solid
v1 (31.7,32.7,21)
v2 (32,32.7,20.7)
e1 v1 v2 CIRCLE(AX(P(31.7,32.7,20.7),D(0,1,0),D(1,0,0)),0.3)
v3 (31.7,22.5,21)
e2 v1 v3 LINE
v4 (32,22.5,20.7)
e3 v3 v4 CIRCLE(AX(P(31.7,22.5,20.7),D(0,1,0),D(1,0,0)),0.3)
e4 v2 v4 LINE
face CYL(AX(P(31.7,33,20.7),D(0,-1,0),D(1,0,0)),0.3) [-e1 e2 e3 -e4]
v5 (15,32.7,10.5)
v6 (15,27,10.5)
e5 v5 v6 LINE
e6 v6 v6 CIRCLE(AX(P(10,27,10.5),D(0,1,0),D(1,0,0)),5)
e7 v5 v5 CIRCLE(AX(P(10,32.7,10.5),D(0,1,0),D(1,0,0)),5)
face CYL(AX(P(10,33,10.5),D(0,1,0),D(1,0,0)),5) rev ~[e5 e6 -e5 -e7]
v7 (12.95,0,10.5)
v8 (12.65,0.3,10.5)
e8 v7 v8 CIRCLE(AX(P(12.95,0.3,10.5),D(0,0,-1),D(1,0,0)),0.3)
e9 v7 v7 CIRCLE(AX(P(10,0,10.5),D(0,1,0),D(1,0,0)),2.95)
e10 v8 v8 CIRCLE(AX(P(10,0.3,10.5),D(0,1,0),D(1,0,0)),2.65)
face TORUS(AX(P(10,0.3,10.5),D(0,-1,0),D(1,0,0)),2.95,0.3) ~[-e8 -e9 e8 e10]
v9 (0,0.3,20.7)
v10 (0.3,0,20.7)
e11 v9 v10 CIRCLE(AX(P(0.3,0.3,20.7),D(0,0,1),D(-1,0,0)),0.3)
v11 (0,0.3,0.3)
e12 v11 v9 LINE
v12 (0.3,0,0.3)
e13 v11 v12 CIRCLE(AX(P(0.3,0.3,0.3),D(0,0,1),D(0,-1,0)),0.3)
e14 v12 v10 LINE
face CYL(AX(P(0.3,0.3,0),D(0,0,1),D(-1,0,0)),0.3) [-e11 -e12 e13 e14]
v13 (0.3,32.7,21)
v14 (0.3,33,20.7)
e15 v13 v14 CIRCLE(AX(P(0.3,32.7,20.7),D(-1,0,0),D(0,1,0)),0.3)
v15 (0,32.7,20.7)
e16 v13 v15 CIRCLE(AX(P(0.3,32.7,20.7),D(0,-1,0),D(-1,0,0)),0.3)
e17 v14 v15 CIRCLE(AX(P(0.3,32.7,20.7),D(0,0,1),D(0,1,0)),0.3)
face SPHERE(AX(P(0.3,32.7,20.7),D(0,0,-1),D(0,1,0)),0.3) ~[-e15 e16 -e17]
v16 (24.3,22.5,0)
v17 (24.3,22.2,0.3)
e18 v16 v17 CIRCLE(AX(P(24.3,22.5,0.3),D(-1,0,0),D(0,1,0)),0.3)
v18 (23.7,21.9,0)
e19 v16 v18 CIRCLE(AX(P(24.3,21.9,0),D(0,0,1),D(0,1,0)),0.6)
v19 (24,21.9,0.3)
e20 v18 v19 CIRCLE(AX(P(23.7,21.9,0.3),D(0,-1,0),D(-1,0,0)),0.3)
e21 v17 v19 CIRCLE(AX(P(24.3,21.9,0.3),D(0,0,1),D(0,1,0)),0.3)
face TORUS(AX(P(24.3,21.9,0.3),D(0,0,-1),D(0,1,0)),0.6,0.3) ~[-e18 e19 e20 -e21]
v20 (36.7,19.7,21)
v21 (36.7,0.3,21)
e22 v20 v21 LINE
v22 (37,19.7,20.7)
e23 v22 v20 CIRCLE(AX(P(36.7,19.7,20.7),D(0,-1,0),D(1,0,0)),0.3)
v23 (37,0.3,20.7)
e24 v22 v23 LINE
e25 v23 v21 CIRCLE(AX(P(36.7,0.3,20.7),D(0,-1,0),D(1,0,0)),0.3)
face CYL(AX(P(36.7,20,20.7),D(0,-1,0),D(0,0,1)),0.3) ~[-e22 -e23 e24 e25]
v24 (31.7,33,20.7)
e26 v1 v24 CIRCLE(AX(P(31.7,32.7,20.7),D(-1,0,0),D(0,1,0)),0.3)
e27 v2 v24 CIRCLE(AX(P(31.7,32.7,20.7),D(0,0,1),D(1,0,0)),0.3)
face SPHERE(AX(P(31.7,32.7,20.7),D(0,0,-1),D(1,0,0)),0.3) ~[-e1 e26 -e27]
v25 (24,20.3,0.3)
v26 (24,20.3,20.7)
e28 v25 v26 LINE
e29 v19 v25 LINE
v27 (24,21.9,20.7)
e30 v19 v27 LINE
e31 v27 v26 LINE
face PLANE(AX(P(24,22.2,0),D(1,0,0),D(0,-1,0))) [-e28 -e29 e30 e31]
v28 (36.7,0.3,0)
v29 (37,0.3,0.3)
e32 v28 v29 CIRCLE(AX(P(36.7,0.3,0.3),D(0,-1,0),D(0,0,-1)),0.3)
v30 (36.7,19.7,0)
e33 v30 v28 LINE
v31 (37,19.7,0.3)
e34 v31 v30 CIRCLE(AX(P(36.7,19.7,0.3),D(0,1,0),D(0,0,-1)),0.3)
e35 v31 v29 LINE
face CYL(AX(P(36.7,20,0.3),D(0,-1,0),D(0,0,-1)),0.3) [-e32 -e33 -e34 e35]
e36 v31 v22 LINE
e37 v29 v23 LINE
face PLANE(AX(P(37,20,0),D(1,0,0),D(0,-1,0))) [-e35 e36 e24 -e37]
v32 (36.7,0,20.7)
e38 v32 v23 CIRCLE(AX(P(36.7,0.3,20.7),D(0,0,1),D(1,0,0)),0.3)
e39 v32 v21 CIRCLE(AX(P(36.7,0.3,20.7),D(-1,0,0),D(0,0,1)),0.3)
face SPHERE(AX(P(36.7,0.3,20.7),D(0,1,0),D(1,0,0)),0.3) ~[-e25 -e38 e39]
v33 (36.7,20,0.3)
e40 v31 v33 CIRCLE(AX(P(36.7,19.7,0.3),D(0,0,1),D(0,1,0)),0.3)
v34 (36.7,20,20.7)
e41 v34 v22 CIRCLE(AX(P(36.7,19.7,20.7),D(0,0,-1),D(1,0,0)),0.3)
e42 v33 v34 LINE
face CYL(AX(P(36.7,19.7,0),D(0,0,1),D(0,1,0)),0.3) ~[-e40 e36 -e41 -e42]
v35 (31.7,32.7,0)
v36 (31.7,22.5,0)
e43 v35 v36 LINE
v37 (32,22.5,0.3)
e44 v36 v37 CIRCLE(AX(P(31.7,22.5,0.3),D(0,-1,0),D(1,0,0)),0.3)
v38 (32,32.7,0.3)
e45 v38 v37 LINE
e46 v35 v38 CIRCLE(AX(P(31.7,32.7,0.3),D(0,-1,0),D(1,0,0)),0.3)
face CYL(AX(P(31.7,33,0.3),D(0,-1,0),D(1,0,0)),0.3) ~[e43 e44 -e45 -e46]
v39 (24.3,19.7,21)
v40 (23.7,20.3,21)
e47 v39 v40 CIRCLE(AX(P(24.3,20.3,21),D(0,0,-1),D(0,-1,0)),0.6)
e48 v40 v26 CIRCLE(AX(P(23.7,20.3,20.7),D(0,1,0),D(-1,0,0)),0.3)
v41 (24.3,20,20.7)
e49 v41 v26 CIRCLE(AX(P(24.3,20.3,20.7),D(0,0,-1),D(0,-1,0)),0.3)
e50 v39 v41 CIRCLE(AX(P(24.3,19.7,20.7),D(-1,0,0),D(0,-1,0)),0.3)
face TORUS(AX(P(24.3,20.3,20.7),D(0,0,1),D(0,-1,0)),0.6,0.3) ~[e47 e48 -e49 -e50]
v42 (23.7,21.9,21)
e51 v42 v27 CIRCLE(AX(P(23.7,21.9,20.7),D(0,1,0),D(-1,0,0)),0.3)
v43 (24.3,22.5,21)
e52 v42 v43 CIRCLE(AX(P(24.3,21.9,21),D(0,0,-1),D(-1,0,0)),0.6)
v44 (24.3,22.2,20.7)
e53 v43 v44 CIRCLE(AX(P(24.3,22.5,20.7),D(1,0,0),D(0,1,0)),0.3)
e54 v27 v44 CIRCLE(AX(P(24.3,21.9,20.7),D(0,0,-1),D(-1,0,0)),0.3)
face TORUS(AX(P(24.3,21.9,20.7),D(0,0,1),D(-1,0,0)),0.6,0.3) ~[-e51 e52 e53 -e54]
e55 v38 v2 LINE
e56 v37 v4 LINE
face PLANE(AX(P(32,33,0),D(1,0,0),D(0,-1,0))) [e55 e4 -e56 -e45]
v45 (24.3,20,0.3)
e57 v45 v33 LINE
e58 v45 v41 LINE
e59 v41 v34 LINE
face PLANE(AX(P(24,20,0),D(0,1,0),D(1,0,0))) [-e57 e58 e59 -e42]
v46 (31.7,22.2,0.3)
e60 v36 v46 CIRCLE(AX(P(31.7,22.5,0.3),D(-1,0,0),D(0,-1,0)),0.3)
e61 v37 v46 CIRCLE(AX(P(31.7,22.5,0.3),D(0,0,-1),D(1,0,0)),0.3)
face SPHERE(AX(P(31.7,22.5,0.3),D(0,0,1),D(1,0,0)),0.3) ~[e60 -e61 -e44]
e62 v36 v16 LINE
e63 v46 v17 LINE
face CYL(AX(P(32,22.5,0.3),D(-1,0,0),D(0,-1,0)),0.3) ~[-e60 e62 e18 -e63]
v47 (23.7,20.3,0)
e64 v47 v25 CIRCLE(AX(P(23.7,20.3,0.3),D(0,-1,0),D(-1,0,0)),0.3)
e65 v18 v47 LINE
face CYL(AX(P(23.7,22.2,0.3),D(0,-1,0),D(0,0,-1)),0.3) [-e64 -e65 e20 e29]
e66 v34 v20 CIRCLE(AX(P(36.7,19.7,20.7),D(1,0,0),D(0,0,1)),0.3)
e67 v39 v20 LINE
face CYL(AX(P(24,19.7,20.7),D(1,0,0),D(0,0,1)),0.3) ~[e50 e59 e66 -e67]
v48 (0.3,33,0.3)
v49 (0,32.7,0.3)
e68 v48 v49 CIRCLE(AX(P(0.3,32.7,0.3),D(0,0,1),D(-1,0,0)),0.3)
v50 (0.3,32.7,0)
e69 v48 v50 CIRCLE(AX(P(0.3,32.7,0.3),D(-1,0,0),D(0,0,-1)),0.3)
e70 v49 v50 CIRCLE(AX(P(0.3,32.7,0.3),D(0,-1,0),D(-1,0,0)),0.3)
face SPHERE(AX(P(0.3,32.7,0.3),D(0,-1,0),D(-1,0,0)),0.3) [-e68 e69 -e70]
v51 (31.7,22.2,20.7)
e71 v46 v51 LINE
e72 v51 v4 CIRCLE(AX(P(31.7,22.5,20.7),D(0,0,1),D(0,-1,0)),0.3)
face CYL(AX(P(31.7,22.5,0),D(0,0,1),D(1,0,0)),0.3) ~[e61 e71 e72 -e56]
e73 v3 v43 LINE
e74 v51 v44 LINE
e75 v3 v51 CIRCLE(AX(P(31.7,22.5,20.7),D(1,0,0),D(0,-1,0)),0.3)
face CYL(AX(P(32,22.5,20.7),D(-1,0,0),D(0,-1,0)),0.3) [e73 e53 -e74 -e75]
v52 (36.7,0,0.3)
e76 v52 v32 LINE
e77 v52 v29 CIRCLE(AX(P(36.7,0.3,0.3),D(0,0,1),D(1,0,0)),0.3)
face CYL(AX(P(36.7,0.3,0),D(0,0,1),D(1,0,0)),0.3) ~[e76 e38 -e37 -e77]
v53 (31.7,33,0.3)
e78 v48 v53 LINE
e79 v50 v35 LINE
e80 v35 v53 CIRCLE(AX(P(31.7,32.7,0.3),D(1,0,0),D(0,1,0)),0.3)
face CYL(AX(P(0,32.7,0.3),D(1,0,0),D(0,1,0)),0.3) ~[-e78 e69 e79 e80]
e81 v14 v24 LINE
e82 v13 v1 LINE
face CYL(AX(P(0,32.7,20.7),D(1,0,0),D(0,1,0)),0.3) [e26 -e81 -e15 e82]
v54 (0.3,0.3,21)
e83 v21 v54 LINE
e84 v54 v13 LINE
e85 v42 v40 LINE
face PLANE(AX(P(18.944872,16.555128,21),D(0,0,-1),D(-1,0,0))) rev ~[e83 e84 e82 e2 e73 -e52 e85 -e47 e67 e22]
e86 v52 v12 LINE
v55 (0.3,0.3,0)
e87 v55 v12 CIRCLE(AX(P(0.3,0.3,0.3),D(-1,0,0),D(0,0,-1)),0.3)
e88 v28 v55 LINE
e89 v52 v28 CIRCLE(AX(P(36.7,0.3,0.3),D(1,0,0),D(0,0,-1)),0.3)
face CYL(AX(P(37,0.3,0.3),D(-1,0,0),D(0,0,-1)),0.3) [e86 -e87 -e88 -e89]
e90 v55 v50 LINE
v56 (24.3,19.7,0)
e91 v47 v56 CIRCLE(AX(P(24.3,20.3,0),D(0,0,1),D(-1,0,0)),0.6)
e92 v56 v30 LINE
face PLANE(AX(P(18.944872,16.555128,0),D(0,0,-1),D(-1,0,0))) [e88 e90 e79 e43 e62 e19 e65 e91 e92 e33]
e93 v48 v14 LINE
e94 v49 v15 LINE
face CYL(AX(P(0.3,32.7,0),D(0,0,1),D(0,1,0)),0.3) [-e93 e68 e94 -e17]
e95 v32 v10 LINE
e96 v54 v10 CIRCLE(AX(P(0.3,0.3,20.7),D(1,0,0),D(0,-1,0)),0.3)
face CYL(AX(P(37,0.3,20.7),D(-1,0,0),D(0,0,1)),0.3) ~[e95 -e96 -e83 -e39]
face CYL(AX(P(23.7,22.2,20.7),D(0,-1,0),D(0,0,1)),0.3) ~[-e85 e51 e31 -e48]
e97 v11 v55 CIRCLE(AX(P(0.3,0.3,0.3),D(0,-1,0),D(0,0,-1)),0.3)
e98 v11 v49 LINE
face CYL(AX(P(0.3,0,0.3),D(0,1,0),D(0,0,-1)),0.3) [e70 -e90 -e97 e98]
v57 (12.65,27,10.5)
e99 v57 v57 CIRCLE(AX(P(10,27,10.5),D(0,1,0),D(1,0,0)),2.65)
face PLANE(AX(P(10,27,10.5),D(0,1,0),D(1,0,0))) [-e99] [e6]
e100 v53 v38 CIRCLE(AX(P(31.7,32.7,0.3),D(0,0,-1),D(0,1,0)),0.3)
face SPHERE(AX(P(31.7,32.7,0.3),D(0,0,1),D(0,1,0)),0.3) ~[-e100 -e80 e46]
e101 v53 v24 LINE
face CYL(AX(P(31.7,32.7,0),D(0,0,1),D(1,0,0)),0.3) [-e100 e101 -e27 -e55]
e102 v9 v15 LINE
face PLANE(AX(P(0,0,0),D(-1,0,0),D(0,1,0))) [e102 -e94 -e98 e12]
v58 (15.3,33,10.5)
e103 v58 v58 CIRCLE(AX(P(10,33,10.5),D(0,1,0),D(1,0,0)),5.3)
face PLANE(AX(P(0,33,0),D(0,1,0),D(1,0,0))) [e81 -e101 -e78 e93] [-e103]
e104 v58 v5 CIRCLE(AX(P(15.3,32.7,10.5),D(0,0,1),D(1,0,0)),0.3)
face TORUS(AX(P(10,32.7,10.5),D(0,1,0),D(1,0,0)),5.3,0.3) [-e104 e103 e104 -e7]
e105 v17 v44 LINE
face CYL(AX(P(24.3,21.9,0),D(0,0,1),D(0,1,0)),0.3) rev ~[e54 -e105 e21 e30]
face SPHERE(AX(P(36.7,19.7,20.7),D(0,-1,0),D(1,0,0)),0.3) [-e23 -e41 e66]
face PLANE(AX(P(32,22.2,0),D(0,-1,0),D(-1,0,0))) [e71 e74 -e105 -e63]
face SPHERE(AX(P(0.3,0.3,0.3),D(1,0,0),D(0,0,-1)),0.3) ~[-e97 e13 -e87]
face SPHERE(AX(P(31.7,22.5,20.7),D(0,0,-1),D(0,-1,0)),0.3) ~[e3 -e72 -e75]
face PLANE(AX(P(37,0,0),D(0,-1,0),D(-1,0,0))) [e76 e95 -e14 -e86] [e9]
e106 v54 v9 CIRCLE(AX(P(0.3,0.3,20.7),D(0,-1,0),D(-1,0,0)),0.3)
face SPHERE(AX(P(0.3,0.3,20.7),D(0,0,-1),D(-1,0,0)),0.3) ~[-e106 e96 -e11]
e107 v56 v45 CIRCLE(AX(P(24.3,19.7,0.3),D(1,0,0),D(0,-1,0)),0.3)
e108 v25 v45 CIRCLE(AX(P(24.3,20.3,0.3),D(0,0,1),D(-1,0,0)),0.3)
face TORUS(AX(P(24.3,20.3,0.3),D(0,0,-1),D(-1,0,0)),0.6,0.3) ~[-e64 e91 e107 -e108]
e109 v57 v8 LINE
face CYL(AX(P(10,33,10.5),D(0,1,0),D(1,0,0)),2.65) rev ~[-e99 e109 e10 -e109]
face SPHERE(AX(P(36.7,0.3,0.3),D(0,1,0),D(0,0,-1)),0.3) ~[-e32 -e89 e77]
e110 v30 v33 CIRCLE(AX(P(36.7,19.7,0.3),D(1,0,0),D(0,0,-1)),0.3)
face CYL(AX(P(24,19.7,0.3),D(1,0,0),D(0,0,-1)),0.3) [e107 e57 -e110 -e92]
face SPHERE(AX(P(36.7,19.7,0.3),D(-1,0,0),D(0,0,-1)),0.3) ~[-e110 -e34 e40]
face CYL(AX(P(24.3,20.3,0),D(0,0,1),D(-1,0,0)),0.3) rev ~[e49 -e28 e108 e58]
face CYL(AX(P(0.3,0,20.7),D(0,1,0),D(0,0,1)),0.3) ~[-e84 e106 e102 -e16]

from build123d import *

# Parameters (mm, degrees)
BOSS_EXTRUDE1_DEPTH = 21
SKETCH2_R           = 2.65
CUT_EXTRUDE1_DEPTH  = 34
SKETCH3_R           = 5
CUT_EXTRUDE2_DEPTH  = 6
FILLET1_R           = 0.3


with BuildPart() as part:
    # Sketch1 → Boss-Extrude1 (new body)
    with BuildSketch(Plane.XY):
        Polygon((32, 33), (32, 22.2), (24, 22.2), (24, 20), (37, 20), (37, 0), (0, 0), (0, 33), align=None)
    extrude(amount=BOSS_EXTRUDE1_DEPTH)

    # Sketch2 → Cut-Extrude1 (cut, through all)
    with BuildSketch(Plane(origin=(0, 33, 0), x_dir=(1, 0, 0), z_dir=(0, 1, 0))):
        with Locations((10, -10.5)):
            Circle(SKETCH2_R)
    extrude(amount=-CUT_EXTRUDE1_DEPTH, mode=Mode.SUBTRACT)

    # Sketch3 → Cut-Extrude2 (cut)
    with BuildSketch(Plane(origin=(0, 33, 0), x_dir=(1, 0, 0), z_dir=(0, 1, 0))):
        with Locations((10, -10.5)):
            Circle(SKETCH3_R)
    extrude(amount=-CUT_EXTRUDE2_DEPTH, mode=Mode.SUBTRACT)

    # Fillet1
    fillet1_edges = [part.edges().sort_by_distance(p)[0] for p in [
        (30.5, 20, 0),
        (37, 10, 0),
        (18.5, 0, 0),
        (0, 16.5, 0),
        (37, 10, 21),
        (0, 33, 10.5),
        (32, 33, 10.5),
        (32, 22.2, 10.5),
        (24, 22.2, 10.5),
        (24, 20, 10.5),
        (37, 20, 10.5),
        (37, 0, 10.5),
        (0, 0, 10.5),
        (30.5, 20, 21),
        (24, 21.1, 21),
        (28, 22.2, 21),
        (7.35, 0, 10.5),
        (32, 27.6, 21),
        (5, 33, 10.5),
        (16, 33, 21),
        (0, 16.5, 21),
        (16, 33, 0),
        (18.5, 0, 21),
        (32, 27.6, 0),
        (28, 22.2, 0),
        (24, 21.1, 0),
    ]]
    fillet(fillet1_edges, radius=FILLET1_R)


solid = part.part
